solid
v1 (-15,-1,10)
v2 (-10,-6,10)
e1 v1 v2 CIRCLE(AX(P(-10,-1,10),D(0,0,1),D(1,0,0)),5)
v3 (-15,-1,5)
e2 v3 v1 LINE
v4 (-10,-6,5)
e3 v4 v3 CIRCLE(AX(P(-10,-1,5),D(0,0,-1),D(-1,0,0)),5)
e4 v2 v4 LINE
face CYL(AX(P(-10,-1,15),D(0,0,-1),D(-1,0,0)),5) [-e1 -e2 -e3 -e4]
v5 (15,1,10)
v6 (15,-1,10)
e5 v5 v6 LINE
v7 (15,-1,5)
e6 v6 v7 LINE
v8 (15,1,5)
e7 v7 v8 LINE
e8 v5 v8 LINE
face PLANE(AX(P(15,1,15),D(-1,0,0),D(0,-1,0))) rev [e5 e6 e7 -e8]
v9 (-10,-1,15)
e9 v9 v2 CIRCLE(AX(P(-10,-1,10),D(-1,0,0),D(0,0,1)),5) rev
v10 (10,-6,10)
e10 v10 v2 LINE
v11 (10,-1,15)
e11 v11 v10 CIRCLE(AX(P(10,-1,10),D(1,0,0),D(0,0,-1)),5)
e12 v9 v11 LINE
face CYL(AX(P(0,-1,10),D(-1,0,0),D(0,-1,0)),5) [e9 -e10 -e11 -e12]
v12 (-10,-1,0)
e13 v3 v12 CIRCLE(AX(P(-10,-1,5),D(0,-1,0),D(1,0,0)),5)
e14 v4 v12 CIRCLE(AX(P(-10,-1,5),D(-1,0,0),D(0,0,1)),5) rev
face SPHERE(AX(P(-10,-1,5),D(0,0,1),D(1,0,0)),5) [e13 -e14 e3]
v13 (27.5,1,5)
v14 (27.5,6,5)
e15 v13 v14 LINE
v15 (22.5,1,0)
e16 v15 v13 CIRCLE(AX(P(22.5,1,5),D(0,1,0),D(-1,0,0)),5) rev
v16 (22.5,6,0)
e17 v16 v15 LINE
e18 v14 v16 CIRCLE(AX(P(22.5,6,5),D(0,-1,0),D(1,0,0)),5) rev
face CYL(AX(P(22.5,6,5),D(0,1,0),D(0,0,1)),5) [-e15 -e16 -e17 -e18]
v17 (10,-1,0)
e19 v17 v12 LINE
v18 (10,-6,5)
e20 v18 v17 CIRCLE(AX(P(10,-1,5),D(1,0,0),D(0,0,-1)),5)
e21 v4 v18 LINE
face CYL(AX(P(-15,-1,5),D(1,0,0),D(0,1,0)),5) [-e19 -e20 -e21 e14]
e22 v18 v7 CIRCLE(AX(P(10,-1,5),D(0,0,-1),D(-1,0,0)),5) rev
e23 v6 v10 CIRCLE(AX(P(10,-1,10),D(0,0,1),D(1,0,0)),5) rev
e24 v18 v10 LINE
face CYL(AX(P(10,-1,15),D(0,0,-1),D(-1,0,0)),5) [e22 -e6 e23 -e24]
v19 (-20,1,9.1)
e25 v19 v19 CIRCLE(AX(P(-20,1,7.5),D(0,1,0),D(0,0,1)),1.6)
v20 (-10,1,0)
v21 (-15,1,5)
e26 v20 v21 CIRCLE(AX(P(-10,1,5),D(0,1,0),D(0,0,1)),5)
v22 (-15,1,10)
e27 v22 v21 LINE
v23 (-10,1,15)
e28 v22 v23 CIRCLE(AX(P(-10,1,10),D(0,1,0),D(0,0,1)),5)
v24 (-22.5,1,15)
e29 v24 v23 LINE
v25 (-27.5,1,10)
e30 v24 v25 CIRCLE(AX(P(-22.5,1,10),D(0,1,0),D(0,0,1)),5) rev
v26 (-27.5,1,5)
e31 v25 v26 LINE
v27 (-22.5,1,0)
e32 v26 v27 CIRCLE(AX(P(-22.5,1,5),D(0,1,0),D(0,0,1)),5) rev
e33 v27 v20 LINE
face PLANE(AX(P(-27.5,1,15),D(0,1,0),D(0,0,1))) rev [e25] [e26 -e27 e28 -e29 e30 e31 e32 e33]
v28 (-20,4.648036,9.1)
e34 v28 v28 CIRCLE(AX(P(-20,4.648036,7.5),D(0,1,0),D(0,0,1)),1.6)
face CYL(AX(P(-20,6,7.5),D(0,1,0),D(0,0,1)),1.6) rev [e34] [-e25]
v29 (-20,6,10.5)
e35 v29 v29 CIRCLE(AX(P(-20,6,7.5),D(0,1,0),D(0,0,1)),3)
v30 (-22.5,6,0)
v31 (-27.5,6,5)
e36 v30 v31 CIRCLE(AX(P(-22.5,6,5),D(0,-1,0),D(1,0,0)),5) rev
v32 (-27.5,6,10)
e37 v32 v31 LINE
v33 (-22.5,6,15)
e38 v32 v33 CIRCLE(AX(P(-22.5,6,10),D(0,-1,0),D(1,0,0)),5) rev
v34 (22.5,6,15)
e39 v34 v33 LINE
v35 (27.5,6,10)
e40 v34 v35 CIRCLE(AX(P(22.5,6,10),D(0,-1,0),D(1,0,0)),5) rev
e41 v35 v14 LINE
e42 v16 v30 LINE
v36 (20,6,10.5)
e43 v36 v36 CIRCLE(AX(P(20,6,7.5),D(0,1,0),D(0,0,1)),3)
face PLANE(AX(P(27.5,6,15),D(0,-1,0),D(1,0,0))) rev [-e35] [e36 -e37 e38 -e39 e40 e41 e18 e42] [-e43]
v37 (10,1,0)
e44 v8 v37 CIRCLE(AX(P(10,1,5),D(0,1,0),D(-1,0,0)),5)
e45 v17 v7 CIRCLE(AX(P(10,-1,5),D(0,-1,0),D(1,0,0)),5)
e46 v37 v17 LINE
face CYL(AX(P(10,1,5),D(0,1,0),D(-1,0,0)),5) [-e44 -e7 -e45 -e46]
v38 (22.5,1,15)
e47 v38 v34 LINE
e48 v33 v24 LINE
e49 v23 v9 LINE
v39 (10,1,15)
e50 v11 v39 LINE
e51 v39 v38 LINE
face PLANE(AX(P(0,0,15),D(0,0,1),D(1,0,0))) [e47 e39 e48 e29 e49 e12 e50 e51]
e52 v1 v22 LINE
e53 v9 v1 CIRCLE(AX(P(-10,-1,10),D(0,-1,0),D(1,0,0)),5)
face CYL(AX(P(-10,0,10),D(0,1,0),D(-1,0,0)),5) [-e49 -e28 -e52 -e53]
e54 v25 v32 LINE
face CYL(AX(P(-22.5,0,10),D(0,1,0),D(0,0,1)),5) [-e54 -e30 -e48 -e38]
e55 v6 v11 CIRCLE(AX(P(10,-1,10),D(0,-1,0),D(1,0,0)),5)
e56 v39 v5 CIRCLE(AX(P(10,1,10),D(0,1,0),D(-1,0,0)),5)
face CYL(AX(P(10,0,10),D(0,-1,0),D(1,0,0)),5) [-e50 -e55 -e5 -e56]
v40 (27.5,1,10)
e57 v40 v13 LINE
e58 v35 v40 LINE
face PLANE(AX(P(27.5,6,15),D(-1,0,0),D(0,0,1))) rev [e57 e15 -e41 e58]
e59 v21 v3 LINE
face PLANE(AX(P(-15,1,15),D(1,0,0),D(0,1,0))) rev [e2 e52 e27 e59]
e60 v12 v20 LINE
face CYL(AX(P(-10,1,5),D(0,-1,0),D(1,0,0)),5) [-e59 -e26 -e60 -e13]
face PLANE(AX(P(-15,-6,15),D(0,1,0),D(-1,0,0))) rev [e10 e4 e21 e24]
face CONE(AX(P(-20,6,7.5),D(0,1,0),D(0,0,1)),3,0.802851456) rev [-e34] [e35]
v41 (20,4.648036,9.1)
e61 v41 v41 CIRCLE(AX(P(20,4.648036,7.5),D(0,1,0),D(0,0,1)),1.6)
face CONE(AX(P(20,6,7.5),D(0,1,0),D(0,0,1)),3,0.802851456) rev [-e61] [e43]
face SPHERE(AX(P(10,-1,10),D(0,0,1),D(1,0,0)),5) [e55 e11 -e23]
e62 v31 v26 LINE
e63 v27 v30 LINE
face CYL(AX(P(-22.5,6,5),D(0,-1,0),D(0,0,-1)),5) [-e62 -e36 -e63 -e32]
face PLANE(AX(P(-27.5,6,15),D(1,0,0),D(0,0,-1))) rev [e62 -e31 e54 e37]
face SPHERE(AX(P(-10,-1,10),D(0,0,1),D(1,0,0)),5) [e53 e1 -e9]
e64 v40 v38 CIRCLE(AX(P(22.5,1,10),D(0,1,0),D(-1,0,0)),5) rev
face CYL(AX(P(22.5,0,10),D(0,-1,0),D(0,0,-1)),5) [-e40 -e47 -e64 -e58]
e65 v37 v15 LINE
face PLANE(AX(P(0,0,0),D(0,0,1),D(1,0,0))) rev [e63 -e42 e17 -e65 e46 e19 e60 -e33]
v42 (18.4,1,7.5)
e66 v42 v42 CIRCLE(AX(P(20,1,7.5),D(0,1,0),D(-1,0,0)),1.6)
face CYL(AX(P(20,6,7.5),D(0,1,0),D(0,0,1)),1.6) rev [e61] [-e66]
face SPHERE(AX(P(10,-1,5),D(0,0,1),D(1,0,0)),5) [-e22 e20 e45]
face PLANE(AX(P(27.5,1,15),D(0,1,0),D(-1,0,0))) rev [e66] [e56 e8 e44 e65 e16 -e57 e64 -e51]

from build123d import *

# Parameters (mm, degrees)
BOSS_EXTRU_1_DEPTH                                 = 15
FRAISAGE_POUR_VIS_T_TE_FRAIS_E_CRUCIFO_D           = 3.2
FRAISAGE_POUR_VIS_T_TE_FRAIS_E_CRUCIFO_CSINK_D     = 6
FRAISAGE_POUR_VIS_T_TE_FRAIS_E_CRUCIFO_CSINK_ANGLE = 92
CONG_2_R                                           = 5


with BuildPart() as part:
    # Esquisse1 → Boss.-Extru.1 (new body)
    with BuildSketch(Plane.XY):
        Polygon((27.5, 6), (-27.5, 6), (-27.5, 1), (-15, 1), (-15, -6), (15, -6), (15, 1), (27.5, 1), align=None)
    extrude(amount=BOSS_EXTRU_1_DEPTH)

    # Fraisage pour vis à tête fraisée cruciforme M31 (through all)
    with Locations(Plane(origin=(0, 6, 0), x_dir=(1, 0, 0), z_dir=(0, 1, 0))):
        with Locations((-20, -7.5), (20, -7.5)):
            CounterSinkHole(FRAISAGE_POUR_VIS_T_TE_FRAIS_E_CRUCIFO_D / 2, FRAISAGE_POUR_VIS_T_TE_FRAIS_E_CRUCIFO_CSINK_D / 2, counter_sink_angle=FRAISAGE_POUR_VIS_T_TE_FRAIS_E_CRUCIFO_CSINK_ANGLE)

    # Congé2
    cong_2_edges = [part.edges().sort_by_distance(p)[0] for p in [
        (-15, -2.5, 15),
        (-27.5, 3.5, 0),
        (0, -6, 15),
        (15, -6, 7.5),
        (-15, -6, 7.5),
        (15, -2.5, 15),
        (27.5, 3.5, 15),
        (-27.5, 3.5, 15),
        (27.5, 3.5, 0),
        (15, -2.5, 0),
        (0, -6, 0),
        (-15, -2.5, 0),
    ]]
    fillet(cong_2_edges, radius=CONG_2_R)


solid = part.part
